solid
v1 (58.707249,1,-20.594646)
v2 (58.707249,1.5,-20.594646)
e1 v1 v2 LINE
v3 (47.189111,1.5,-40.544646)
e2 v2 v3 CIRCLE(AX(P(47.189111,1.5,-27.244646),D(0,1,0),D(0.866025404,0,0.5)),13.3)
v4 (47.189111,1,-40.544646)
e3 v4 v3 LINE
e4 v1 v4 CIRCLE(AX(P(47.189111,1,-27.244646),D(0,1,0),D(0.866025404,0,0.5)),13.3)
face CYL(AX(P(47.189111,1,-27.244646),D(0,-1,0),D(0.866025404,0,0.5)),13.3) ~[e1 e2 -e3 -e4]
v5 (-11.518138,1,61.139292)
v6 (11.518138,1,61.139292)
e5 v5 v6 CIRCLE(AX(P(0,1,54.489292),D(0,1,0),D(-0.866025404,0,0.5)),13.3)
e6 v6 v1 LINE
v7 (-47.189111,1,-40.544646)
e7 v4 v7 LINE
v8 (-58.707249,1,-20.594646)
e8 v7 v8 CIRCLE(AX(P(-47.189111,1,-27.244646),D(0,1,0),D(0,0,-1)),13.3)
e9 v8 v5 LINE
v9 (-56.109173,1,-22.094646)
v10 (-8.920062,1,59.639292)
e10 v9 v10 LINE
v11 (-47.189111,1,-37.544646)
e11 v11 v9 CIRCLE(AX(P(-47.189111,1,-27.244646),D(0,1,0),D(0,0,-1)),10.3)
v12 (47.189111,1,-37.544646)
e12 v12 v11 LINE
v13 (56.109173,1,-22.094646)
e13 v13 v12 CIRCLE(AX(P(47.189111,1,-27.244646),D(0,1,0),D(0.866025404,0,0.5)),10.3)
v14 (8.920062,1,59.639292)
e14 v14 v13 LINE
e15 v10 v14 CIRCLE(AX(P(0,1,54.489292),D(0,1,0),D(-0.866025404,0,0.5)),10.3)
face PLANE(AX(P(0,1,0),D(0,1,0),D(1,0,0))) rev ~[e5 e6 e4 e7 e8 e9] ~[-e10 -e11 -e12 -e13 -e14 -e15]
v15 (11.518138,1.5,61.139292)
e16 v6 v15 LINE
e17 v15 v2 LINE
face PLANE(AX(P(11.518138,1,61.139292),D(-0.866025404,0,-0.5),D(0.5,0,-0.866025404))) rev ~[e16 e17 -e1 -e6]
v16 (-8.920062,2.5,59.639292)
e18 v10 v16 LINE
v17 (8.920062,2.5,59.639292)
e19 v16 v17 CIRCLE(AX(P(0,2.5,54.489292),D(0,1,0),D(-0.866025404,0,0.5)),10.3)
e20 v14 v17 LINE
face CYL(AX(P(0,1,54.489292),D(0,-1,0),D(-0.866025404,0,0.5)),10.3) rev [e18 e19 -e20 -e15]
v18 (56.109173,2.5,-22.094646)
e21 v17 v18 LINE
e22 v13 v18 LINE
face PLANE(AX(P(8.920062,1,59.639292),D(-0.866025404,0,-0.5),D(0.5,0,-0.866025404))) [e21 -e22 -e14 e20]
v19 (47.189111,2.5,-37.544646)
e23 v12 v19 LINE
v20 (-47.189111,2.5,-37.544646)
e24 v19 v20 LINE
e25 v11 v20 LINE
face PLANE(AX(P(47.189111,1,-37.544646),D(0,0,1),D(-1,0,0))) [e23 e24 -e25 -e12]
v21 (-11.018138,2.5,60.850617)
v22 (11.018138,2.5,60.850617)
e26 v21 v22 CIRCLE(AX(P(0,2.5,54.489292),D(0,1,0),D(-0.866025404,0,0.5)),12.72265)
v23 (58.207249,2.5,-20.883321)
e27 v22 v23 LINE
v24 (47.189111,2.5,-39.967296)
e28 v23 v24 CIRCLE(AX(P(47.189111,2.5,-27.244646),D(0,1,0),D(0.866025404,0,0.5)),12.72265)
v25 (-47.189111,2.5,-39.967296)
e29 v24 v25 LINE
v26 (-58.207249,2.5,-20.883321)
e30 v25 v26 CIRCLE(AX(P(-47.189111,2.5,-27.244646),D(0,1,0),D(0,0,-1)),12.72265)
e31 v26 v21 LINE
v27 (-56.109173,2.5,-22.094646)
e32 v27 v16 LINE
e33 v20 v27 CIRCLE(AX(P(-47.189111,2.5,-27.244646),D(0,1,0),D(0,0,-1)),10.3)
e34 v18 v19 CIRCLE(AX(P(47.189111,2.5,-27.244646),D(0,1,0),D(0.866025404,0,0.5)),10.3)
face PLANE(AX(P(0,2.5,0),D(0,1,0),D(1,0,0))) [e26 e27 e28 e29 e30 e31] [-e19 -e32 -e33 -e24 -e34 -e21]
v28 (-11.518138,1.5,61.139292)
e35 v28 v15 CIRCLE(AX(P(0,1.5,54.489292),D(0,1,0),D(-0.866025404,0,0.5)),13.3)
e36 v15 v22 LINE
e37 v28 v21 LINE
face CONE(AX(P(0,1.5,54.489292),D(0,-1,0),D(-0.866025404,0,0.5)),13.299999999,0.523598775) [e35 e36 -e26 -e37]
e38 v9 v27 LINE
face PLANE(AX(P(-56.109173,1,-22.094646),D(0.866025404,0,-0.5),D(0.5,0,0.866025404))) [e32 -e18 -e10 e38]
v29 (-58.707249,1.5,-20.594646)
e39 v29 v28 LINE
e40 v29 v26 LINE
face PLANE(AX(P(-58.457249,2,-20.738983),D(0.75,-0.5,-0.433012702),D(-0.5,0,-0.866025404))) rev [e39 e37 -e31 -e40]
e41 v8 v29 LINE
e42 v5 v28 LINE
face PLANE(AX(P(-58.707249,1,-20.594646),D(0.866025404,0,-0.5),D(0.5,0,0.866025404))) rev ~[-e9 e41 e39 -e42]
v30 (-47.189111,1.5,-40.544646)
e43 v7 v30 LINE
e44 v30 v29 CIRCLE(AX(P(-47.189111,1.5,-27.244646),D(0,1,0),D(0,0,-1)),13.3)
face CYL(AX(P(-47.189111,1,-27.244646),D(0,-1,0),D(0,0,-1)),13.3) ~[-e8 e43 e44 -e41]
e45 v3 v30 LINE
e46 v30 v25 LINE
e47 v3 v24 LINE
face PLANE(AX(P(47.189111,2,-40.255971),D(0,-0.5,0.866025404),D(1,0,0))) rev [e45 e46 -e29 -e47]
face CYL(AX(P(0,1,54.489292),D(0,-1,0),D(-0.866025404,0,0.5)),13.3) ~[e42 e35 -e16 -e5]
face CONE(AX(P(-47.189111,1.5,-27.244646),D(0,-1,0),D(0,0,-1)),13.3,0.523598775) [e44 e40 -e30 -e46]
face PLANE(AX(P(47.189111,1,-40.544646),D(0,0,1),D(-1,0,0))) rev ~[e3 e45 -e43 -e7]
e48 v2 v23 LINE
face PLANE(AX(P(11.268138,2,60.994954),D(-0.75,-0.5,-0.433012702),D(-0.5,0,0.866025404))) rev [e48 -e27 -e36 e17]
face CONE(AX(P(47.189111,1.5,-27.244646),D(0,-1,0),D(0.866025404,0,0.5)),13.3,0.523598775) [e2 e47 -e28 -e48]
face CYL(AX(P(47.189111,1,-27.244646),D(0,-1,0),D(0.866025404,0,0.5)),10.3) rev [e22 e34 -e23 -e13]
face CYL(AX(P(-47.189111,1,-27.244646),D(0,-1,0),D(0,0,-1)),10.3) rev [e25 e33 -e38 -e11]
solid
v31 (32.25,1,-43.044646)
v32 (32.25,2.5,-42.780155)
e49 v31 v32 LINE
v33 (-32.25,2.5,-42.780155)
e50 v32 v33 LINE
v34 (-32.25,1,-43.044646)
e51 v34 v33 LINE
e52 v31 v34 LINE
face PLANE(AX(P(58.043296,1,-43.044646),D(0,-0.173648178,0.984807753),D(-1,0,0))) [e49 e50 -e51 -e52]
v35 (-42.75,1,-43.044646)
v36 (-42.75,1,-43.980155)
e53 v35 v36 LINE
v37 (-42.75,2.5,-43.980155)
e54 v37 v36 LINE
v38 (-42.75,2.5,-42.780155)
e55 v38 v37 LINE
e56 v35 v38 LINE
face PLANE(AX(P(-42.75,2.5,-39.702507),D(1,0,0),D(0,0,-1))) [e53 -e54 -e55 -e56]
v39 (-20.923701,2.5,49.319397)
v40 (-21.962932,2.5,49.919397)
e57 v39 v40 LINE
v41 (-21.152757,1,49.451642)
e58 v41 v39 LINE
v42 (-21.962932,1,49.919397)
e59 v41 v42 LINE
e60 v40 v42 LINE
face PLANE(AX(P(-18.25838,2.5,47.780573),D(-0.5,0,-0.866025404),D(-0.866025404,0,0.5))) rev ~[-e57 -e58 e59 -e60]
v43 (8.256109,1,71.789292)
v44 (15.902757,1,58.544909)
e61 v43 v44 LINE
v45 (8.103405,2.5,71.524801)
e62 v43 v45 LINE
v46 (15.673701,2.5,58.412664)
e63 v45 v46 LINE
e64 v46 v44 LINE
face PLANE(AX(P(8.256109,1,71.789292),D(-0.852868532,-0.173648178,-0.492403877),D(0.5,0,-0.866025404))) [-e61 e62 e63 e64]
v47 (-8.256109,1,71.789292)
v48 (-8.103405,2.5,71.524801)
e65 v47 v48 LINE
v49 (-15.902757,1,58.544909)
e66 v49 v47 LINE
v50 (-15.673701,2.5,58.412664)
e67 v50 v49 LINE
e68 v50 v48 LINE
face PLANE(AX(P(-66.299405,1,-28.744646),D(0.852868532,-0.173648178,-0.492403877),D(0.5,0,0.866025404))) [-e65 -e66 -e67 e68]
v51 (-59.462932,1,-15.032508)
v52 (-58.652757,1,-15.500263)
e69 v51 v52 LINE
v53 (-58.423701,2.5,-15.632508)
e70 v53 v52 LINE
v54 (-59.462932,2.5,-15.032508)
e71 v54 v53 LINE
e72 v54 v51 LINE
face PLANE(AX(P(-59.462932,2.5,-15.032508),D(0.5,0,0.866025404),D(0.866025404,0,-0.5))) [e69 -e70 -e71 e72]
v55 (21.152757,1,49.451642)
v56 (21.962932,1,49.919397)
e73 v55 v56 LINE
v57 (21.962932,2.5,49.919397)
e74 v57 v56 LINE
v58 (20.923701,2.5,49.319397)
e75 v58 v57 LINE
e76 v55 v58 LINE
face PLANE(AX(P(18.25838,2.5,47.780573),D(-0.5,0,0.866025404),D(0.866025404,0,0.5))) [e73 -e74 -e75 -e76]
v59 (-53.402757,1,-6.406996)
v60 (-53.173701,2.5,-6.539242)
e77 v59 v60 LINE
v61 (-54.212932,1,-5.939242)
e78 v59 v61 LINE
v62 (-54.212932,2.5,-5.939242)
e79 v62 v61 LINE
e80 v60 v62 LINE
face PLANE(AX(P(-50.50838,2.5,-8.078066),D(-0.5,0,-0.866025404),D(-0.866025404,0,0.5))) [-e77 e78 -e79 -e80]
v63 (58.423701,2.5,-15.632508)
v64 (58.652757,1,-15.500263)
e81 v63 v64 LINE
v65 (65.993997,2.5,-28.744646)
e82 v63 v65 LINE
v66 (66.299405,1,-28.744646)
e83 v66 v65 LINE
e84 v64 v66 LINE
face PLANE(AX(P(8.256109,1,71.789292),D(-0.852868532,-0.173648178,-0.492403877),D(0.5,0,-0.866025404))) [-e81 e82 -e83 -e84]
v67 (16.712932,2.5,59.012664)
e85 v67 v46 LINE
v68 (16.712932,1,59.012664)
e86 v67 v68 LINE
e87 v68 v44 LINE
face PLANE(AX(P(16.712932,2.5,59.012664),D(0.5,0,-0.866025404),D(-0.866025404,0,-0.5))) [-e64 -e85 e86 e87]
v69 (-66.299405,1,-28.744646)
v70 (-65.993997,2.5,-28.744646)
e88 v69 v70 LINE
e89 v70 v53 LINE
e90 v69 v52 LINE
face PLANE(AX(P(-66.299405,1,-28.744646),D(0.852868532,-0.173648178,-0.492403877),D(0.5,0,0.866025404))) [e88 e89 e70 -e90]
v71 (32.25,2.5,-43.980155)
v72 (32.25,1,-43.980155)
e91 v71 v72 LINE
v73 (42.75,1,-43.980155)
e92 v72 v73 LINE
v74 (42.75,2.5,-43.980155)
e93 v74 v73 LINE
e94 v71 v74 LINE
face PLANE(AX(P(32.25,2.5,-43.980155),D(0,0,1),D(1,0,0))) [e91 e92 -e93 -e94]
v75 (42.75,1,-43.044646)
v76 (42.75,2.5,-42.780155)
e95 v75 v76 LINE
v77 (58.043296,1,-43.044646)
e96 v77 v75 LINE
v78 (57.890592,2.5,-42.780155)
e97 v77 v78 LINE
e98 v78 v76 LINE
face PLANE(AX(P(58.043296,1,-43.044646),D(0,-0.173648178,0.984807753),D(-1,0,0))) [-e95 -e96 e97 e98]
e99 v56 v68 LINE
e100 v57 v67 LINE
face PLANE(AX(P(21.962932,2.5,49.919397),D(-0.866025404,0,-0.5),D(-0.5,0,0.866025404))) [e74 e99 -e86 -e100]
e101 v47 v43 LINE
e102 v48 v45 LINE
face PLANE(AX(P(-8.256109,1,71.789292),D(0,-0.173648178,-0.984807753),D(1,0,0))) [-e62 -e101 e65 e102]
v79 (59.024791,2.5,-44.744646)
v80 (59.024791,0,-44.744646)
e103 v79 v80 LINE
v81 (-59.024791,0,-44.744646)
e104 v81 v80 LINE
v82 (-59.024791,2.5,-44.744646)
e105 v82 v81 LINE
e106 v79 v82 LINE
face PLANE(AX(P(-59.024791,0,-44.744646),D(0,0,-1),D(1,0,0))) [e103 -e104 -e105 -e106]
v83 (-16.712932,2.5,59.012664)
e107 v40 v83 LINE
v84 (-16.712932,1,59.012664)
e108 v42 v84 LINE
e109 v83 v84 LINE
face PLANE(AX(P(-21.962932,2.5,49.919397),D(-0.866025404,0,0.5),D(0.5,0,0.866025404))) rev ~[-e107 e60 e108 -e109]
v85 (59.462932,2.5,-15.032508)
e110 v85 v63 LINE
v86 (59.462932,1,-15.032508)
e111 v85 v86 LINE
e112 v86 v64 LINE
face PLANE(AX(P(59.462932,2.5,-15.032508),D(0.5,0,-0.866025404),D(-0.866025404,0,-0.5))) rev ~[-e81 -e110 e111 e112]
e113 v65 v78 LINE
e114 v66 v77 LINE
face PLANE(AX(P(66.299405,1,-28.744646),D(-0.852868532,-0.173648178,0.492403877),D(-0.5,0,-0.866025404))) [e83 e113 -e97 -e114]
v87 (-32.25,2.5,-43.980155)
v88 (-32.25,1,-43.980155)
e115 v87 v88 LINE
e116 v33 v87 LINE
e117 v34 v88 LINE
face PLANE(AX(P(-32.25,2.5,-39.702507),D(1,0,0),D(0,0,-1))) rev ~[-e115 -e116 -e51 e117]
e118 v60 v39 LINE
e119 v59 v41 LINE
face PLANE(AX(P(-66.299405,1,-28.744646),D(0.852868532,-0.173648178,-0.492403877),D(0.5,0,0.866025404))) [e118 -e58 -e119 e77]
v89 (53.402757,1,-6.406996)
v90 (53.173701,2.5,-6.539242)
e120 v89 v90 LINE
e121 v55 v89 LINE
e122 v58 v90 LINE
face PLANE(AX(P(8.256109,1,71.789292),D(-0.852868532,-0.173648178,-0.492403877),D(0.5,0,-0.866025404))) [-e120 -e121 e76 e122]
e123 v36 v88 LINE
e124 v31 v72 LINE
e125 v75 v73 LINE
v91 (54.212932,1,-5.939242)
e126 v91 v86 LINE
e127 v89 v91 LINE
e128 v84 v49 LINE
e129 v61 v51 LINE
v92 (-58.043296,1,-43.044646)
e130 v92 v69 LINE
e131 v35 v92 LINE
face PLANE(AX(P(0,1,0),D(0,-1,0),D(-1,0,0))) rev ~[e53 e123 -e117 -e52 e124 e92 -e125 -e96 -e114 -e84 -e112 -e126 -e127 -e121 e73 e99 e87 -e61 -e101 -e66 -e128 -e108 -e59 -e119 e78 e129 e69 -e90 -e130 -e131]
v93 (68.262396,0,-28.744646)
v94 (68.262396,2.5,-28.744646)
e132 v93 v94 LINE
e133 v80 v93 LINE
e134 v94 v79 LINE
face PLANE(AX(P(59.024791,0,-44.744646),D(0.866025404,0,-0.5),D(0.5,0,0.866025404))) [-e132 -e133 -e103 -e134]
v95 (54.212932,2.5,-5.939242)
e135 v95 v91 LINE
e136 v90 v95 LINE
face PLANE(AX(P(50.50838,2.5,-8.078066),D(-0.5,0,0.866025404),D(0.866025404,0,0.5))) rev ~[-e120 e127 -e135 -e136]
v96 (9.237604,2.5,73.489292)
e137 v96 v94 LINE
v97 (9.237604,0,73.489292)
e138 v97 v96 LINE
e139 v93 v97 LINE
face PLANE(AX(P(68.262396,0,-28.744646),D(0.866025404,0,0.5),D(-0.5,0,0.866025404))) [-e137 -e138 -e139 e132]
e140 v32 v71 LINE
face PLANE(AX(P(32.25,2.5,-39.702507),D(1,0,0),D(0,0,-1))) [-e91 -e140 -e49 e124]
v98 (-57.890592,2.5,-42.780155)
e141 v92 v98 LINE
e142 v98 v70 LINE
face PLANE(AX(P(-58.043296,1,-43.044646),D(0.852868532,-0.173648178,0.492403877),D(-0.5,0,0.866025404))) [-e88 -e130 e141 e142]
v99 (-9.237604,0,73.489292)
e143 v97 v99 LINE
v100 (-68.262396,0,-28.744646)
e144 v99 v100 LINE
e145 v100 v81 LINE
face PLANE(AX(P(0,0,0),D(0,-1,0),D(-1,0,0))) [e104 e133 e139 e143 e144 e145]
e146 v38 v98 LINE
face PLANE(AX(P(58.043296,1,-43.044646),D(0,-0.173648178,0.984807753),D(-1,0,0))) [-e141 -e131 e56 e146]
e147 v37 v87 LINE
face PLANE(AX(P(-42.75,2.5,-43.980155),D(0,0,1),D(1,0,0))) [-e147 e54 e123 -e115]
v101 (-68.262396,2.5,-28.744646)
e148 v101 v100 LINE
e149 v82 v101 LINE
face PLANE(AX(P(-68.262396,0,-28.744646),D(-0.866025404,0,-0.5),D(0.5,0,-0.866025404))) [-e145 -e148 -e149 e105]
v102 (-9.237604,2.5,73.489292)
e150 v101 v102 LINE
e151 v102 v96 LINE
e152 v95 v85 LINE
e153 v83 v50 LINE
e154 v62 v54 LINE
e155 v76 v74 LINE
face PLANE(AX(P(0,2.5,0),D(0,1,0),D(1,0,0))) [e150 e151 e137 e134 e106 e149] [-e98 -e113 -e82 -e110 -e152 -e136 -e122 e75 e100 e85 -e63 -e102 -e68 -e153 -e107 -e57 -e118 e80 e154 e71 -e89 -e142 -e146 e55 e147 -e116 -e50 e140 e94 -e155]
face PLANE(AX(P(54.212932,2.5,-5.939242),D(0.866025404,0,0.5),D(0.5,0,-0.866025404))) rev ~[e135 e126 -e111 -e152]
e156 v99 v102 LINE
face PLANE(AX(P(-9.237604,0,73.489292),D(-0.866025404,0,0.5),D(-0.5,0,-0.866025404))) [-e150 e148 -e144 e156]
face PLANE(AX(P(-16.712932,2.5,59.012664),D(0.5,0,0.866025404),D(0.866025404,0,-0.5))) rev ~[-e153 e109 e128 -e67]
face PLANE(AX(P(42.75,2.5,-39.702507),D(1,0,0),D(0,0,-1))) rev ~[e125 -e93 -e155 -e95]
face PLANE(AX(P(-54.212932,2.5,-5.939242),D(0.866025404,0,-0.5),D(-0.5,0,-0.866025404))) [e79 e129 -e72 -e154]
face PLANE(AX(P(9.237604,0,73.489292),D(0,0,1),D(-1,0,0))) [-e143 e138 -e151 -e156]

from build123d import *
from OCP.BRepFilletAPI import BRepFilletAPI_MakeChamfer

# Parameters (mm, degrees)
BOSS_EXTRU_2_DEPTH              = 1
EXTRU_MINCE1_DEPTH              = 1.5
EXTRU_MINCE1_DRAFT              = -10
ENL_V_DE_MAT_EXTRU_MINCE1_DEPTH = 101.734373448
ESQUISSE10_W                    = 10.5
ESQUISSE10_H                    = 4.277647959
ENL_V_MAT_EXTRU_1_DEPTH         = 1.5
EXTRU_MINCE2_DEPTH              = 1.5
CHANFREIN1_SIZE                 = 1
CHANFREIN1_SIZE2                = 0.577350269


with BuildPart() as part:
    # Esquisse2 → Boss.-Extru.2 (new body)
    with BuildSketch(Plane(origin=(0, 0, 0), x_dir=(1, 0, 0), z_dir=(0, 1, 0))):
        Polygon((-68.262395693, 28.744645862), (-59.024791386, 44.744645862), (59.024791386, 44.744645862), (68.262395693, 28.744645862), (9.237604307, -73.489291724), (-9.237604307, -73.489291724), align=None)
    extrude(amount=BOSS_EXTRU_2_DEPTH)


with BuildPart() as extru_mince1_tool:
    # Esquisse5 → Extru.-Mince1 (with draft: the straight prism first)
    with BuildSketch(Plane(origin=(0, 1, 0), x_dir=(1, 0, 0), z_dir=(0, 1, 0))):
        Polygon((-68.262395693, 28.744645862), (-9.237604307, -73.489291724), (9.237604307, -73.489291724), (68.262395693, 28.744645862), (59.024791386, 44.744645862), (-59.024791386, 44.744645862), align=None)
        Polygon((-66.299404778, 28.744645862), (-8.256108849, -71.789291724), (8.256108849, -71.789291724), (66.299404778, 28.744645862), (58.043295928, 43.044645862), (-58.043295928, 43.044645862), align=None, mode=Mode.SUBTRACT)
    extrude(amount=EXTRU_MINCE1_DEPTH)
    # Extru.-Mince1: the draft: its side faces are tilted about the plane it starts from
    extru_mince1_sides = [extru_mince1_tool.faces().sort_by_distance(p)[0] for p in [
        (-38.75, 1.75, 22.372322931),
        (0, 1.75, 73.489291724),
        (38.75, 1.75, 22.372322931),
        (63.643593539, 1.75, -36.744645862),
        (0, 1.75, -44.744645862),
        (-63.643593539, 1.75, -36.744645862),
        (-62.171350353, 1.75, -35.894645862),
        (0, 1.75, -43.044645862),
        (62.171350353, 1.75, -35.894645862),
        (37.277756814, 1.75, 21.522322931),
        (0, 1.75, 71.789291724),
        (-37.277756814, 1.75, 21.522322931),
    ]]
    draft(extru_mince1_sides, Plane(origin=(0, 1, 0), x_dir=(1, 0, 0), z_dir=(0, 1, 0)), EXTRU_MINCE1_DRAFT)


with BuildPart() as part_1:
    add(part.part)

    # Extru.-Mince1: add extru_mince1_tool
    add(extru_mince1_tool.part)

    # Esquisse6 → Enlèv. de mat.-Extru.-Mince1 (cut, through all)
    with BuildSketch(Plane.XZ):
        Polygon((-59.89081679, -46.244645862), (59.89081679, -46.244645862), (69.994446501, -28.744645862), (10.103629711, 74.989291724), (-10.103629711, 74.989291724), (-69.994446501, -28.744645862), align=None)
        Polygon((-59.024791386, -44.744645862), (59.024791386, -44.744645862), (68.262395693, -28.744645862), (9.237604307, 73.489291724), (-9.237604307, 73.489291724), (-68.262395693, -28.744645862), align=None, mode=Mode.SUBTRACT)
    extrude(amount=-ENL_V_DE_MAT_EXTRU_MINCE1_DEPTH, mode=Mode.SUBTRACT)

    # Esquisse10 → Enlèv. mat.-Extru.1 (cut)
    with BuildSketch(Plane(origin=(0, 2.5, 0), x_dir=(1, 0, 0), z_dir=(0, 1, 0))):
        with Locations((-37.5, 41.841331412)):
            Rectangle(ESQUISSE10_W, ESQUISSE10_H)
        with Locations((37.5, 41.841331412)):
            Rectangle(ESQUISSE10_W, ESQUISSE10_H)
        Polygon((54.212931831, 5.939241576), (59.462931831, 15.032508316), (55.75838003, 17.171332296), (50.50838003, 8.078065556), align=None)
        Polygon((16.712931831, -59.012663707), (13.00838003, -56.873839728), (18.25838003, -47.780572988), (21.962931831, -49.919396968), align=None)
        Polygon((-21.962931831, -49.919396968), (-16.712931831, -59.012663707), (-13.00838003, -56.873839728), (-18.25838003, -47.780572988), align=None)
        Polygon((-59.462931831, 15.032508316), (-55.75838003, 17.171332296), (-50.50838003, 8.078065556), (-54.212931831, 5.939241576), align=None)
    extrude(amount=-ENL_V_MAT_EXTRU_1_DEPTH, mode=Mode.SUBTRACT)


with BuildPart() as body_2:
    # Esquisse11 → Extru.-Mince2 (new body)
    with BuildSketch(Plane(origin=(0, 1, 0), x_dir=(1, 0, 0), z_dir=(0, 1, 0))):
        with BuildLine():
            Line((-58.707248738, 20.594645862), (-11.51813787, -61.139291724))
            ThreePointArc((-11.51813787, -61.139291724), (0, -67.789291724), (11.51813787, -61.139291724))
            Line((11.51813787, -61.139291724), (58.707248738, 20.594645862))
            ThreePointArc((58.707248738, 20.594645862), (58.707248738, 33.894645862), (47.189110868, 40.544645862))
            Line((47.189110868, 40.544645862), (-47.189110868, 40.544645862))
            ThreePointArc((-47.189110868, 40.544645862), (-58.707248738, 33.894645862), (-58.707248738, 20.594645862))
        make_face()
        with BuildLine():
            Line((-56.109172527, 22.094645862), (-8.920061659, -59.639291724))
            ThreePointArc((-8.920061659, -59.639291724), (0, -64.789291724), (8.920061659, -59.639291724))
            Line((8.920061659, -59.639291724), (56.109172527, 22.094645862))
            ThreePointArc((56.109172527, 22.094645862), (56.109172527, 32.394645862), (47.189110868, 37.544645862))
            Line((47.189110868, 37.544645862), (-47.189110868, 37.544645862))
            ThreePointArc((-47.189110868, 37.544645862), (-56.109172527, 32.394645862), (-56.109172527, 22.094645862))
        make_face(mode=Mode.SUBTRACT)
    extrude(amount=EXTRU_MINCE2_DEPTH)

    # Chanfrein1: one chamfer whose edges measure the first distance from different faces: ONE call of the kernel's chamfer builder (chamfer() names one face for all edges)
    chanfrein1_edges_1 = [body_2.edges().sort_by_distance(p)[0] for p in [
        (35.112693304, 2.5, 20.272322931),
    ]]
    chanfrein1_side_1 = [body_2.faces().sort_by_distance(p)[0] for p in [
        (35.112693304, 1.75, 20.272322931),
    ]]
    chanfrein1_edges_2 = [body_2.edges().sort_by_distance(p)[0] for p in [
        (58.707248738, 2.5, -33.894645862),
    ]]
    chanfrein1_side_2 = [body_2.faces().sort_by_distance(p)[0] for p in [
        (58.707248738, 1.75, -33.894645862),
    ]]
    chanfrein1_edges_3 = [body_2.edges().sort_by_distance(p)[0] for p in [
        (0, 2.5, -40.544645862),
    ]]
    chanfrein1_side_3 = [body_2.faces().sort_by_distance(p)[0] for p in [
        (0, 1.75, -40.544645862),
    ]]
    chanfrein1_edges_4 = [body_2.edges().sort_by_distance(p)[0] for p in [
        (-58.707248738, 2.5, -33.894645862),
    ]]
    chanfrein1_side_4 = [body_2.faces().sort_by_distance(p)[0] for p in [
        (-58.707248738, 1.75, -33.894645862),
    ]]
    chanfrein1_edges_5 = [body_2.edges().sort_by_distance(p)[0] for p in [
        (-35.112693304, 2.5, 20.272322931),
    ]]
    chanfrein1_side_5 = [body_2.faces().sort_by_distance(p)[0] for p in [
        (-35.112693304, 1.75, 20.272322931),
    ]]
    chanfrein1_edges_6 = [body_2.edges().sort_by_distance(p)[0] for p in [
        (0, 2.5, 67.789291724),
    ]]
    chanfrein1_side_6 = [body_2.faces().sort_by_distance(p)[0] for p in [
        (0, 1.75, 67.789291724),
    ]]
    chanfrein1 = BRepFilletAPI_MakeChamfer(body_2.part.solid().wrapped)
    for e in chanfrein1_edges_1:
        chanfrein1.Add(CHANFREIN1_SIZE, CHANFREIN1_SIZE2, e.wrapped, chanfrein1_side_1[0].wrapped)  # the first distance lies on this face
    for e in chanfrein1_edges_2:
        chanfrein1.Add(CHANFREIN1_SIZE, CHANFREIN1_SIZE2, e.wrapped, chanfrein1_side_2[0].wrapped)  # the first distance lies on this face
    for e in chanfrein1_edges_3:
        chanfrein1.Add(CHANFREIN1_SIZE, CHANFREIN1_SIZE2, e.wrapped, chanfrein1_side_3[0].wrapped)  # the first distance lies on this face
    for e in chanfrein1_edges_4:
        chanfrein1.Add(CHANFREIN1_SIZE, CHANFREIN1_SIZE2, e.wrapped, chanfrein1_side_4[0].wrapped)  # the first distance lies on this face
    for e in chanfrein1_edges_5:
        chanfrein1.Add(CHANFREIN1_SIZE, CHANFREIN1_SIZE2, e.wrapped, chanfrein1_side_5[0].wrapped)  # the first distance lies on this face
    for e in chanfrein1_edges_6:
        chanfrein1.Add(CHANFREIN1_SIZE, CHANFREIN1_SIZE2, e.wrapped, chanfrein1_side_6[0].wrapped)  # the first distance lies on this face
    add(Compound.cast(chanfrein1.Shape()), mode=Mode.REPLACE)


solid = Compound([part_1.part, body_2.part])
